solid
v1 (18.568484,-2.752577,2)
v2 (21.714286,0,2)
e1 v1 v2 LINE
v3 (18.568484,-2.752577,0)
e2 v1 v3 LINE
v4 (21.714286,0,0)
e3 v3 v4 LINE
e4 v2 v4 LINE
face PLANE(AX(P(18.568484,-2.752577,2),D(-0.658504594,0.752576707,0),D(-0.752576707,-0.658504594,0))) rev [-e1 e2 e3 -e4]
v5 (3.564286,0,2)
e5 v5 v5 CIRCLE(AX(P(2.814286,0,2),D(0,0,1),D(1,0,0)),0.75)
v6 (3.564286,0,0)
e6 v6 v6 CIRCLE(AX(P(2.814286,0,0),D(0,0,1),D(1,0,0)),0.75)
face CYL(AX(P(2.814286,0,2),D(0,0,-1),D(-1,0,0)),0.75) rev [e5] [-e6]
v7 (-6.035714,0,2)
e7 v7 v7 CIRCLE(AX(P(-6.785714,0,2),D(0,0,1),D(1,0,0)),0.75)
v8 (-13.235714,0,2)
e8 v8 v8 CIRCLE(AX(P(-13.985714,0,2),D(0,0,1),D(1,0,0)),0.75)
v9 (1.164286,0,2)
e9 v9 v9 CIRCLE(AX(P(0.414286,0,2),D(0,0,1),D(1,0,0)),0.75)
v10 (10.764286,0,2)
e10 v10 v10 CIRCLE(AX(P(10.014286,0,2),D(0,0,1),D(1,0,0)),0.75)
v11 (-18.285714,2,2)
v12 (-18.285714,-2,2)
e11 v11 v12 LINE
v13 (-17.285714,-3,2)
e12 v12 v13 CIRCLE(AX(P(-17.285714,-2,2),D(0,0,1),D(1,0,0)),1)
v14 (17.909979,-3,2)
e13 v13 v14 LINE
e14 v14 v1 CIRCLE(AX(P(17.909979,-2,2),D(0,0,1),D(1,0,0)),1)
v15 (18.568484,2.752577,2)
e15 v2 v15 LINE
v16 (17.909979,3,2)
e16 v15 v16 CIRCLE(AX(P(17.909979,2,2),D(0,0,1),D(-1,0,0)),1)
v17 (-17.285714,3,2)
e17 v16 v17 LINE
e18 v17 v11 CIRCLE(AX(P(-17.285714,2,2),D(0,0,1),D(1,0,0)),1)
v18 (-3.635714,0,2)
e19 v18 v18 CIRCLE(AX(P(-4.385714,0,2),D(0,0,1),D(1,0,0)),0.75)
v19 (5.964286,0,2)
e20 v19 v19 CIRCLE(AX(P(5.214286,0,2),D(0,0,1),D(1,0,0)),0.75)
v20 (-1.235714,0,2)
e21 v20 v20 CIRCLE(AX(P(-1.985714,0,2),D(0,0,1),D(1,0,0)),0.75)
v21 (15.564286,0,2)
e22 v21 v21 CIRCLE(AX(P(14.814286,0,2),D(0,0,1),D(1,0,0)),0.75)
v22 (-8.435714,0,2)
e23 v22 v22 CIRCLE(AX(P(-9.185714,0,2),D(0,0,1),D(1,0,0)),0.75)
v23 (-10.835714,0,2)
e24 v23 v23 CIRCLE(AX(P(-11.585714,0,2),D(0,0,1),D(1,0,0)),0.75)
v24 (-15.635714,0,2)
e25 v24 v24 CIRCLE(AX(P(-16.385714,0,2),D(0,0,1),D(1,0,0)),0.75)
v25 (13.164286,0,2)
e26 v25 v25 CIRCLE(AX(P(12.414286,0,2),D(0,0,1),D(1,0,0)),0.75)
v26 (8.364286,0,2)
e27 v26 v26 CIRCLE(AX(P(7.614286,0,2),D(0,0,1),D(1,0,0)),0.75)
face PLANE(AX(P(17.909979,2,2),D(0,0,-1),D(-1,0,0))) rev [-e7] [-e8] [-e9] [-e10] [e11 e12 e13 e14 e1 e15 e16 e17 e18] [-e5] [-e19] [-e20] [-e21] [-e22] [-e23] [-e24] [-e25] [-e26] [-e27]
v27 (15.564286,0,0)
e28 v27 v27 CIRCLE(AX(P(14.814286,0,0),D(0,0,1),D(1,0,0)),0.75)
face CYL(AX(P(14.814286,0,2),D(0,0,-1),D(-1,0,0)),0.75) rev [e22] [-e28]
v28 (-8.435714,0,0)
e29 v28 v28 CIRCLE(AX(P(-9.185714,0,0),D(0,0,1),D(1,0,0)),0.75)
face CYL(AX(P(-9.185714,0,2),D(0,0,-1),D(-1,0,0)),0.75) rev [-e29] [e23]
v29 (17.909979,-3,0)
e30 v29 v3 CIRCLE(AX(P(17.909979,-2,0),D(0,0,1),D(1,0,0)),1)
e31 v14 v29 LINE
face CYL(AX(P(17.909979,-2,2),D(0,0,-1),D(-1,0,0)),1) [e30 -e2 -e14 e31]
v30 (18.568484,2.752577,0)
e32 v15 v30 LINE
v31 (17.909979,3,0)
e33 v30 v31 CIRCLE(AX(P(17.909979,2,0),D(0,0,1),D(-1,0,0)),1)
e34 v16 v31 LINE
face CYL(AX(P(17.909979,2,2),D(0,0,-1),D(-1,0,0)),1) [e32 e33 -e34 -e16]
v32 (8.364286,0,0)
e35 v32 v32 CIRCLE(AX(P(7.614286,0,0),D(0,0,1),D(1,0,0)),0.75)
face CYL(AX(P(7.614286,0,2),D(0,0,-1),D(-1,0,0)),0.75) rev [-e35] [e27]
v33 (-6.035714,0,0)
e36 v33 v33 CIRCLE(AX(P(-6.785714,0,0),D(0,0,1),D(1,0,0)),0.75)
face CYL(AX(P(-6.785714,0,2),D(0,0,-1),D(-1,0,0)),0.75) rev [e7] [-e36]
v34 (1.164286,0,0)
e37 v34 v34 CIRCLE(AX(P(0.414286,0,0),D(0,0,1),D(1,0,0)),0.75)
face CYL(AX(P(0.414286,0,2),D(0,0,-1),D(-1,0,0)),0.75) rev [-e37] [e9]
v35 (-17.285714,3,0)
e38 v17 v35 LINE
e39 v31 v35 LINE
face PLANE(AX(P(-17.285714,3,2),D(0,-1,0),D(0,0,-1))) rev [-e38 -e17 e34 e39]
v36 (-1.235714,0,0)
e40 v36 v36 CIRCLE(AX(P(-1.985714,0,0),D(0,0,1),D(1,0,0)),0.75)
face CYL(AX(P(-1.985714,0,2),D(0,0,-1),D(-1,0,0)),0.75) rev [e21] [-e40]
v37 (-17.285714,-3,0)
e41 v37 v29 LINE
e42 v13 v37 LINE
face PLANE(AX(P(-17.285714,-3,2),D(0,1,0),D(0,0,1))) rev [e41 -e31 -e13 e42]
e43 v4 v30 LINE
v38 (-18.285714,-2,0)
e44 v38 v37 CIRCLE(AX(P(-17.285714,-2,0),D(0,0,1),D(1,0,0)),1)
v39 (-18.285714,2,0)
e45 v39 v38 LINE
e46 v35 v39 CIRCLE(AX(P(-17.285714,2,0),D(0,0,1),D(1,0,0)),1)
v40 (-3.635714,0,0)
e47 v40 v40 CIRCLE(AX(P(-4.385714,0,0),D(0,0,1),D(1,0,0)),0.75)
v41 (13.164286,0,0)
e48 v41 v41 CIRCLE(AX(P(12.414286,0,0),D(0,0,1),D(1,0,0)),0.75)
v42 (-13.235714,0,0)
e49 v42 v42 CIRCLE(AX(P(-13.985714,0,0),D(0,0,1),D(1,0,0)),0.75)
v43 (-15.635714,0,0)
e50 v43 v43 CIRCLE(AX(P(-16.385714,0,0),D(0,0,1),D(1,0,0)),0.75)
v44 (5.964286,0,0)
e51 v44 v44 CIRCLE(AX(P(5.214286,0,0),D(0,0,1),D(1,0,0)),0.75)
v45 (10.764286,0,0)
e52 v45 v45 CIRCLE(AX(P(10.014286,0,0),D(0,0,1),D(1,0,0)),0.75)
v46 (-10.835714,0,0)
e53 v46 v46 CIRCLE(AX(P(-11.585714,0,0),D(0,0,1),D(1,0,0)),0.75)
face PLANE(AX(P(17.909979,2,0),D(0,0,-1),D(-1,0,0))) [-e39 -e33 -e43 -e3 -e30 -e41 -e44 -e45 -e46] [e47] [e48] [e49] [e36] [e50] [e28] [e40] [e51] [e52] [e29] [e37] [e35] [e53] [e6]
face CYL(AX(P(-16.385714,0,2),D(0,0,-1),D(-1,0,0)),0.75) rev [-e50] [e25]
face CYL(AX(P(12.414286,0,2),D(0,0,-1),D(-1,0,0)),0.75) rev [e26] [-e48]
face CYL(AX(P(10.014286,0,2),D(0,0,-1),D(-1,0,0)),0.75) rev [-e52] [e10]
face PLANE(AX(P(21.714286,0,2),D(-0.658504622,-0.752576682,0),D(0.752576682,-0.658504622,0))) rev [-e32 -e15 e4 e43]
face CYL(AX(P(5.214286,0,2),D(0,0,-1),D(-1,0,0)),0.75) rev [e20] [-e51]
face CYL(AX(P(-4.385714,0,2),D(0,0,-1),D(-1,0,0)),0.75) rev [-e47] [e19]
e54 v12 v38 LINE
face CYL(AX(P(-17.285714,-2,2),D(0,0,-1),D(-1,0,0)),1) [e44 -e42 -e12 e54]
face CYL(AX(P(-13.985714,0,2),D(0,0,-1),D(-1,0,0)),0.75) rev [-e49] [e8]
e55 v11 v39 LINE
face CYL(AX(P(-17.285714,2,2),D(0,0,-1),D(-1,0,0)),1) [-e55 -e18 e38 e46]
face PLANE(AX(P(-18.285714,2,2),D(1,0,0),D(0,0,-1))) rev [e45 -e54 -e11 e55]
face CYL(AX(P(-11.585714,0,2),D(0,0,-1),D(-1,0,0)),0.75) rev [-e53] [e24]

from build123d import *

# Parameters (mm, degrees)
CROQUIS2_R              = 0.75
SALIENTE_EXTRUIR1_DEPTH = 2


with BuildPart() as part:
    # Croquis2 → Saliente-Extruir1 (new body)
    with BuildSketch(Plane.XY):
        with BuildLine():
            Line((18.568483774, -2.752576707), (21.714285714, -1.14e-07))
            Line((21.714285714, -1.14e-07), (18.568483781, 2.752576682))
            ThreePointArc((18.568483781, 2.752576682), (18.261705841, 2.936102741), (17.909979159, 3))
            Line((17.909979159, 3), (-17.285714286, 3))
            ThreePointArc((-17.285714286, 3), (-17.992821067, 2.707106781), (-18.285714286, 2))
            Line((-18.285714286, 2), (-18.285714286, -2))
            ThreePointArc((-18.285714286, -2), (-17.992821067, -2.707106781), (-17.285714286, -3))
            Line((-17.285714286, -3), (17.90997918, -3))
            ThreePointArc((17.90997918, -3), (18.261705845, -2.936102747), (18.568483774, -2.752576707))
        make_face()
        with Locations((-16.385714286, 0)):
            Circle(CROQUIS2_R, mode=Mode.SUBTRACT)
        with Locations((-13.985714286, 0)):
            Circle(CROQUIS2_R, mode=Mode.SUBTRACT)
        with Locations((-11.585714286, 0)):
            Circle(CROQUIS2_R, mode=Mode.SUBTRACT)
        with Locations((-9.185714286, 0)):
            Circle(CROQUIS2_R, mode=Mode.SUBTRACT)
        with Locations((-6.785714286, 0)):
            Circle(CROQUIS2_R, mode=Mode.SUBTRACT)
        with Locations((-4.385714286, 0)):
            Circle(CROQUIS2_R, mode=Mode.SUBTRACT)
        with Locations((-1.985714286, 0)):
            Circle(CROQUIS2_R, mode=Mode.SUBTRACT)
        with Locations((0.414285714, 0)):
            Circle(CROQUIS2_R, mode=Mode.SUBTRACT)
        with Locations((2.814285714, 0)):
            Circle(CROQUIS2_R, mode=Mode.SUBTRACT)
        with Locations((5.214285714, 0)):
            Circle(CROQUIS2_R, mode=Mode.SUBTRACT)
        with Locations((7.614285714, 0)):
            Circle(CROQUIS2_R, mode=Mode.SUBTRACT)
        with Locations((10.014285714, 0)):
            Circle(CROQUIS2_R, mode=Mode.SUBTRACT)
        with Locations((12.414285714, 0)):
            Circle(CROQUIS2_R, mode=Mode.SUBTRACT)
        with Locations((14.814285714, 0)):
            Circle(CROQUIS2_R, mode=Mode.SUBTRACT)
    extrude(amount=SALIENTE_EXTRUIR1_DEPTH)


solid = part.part
